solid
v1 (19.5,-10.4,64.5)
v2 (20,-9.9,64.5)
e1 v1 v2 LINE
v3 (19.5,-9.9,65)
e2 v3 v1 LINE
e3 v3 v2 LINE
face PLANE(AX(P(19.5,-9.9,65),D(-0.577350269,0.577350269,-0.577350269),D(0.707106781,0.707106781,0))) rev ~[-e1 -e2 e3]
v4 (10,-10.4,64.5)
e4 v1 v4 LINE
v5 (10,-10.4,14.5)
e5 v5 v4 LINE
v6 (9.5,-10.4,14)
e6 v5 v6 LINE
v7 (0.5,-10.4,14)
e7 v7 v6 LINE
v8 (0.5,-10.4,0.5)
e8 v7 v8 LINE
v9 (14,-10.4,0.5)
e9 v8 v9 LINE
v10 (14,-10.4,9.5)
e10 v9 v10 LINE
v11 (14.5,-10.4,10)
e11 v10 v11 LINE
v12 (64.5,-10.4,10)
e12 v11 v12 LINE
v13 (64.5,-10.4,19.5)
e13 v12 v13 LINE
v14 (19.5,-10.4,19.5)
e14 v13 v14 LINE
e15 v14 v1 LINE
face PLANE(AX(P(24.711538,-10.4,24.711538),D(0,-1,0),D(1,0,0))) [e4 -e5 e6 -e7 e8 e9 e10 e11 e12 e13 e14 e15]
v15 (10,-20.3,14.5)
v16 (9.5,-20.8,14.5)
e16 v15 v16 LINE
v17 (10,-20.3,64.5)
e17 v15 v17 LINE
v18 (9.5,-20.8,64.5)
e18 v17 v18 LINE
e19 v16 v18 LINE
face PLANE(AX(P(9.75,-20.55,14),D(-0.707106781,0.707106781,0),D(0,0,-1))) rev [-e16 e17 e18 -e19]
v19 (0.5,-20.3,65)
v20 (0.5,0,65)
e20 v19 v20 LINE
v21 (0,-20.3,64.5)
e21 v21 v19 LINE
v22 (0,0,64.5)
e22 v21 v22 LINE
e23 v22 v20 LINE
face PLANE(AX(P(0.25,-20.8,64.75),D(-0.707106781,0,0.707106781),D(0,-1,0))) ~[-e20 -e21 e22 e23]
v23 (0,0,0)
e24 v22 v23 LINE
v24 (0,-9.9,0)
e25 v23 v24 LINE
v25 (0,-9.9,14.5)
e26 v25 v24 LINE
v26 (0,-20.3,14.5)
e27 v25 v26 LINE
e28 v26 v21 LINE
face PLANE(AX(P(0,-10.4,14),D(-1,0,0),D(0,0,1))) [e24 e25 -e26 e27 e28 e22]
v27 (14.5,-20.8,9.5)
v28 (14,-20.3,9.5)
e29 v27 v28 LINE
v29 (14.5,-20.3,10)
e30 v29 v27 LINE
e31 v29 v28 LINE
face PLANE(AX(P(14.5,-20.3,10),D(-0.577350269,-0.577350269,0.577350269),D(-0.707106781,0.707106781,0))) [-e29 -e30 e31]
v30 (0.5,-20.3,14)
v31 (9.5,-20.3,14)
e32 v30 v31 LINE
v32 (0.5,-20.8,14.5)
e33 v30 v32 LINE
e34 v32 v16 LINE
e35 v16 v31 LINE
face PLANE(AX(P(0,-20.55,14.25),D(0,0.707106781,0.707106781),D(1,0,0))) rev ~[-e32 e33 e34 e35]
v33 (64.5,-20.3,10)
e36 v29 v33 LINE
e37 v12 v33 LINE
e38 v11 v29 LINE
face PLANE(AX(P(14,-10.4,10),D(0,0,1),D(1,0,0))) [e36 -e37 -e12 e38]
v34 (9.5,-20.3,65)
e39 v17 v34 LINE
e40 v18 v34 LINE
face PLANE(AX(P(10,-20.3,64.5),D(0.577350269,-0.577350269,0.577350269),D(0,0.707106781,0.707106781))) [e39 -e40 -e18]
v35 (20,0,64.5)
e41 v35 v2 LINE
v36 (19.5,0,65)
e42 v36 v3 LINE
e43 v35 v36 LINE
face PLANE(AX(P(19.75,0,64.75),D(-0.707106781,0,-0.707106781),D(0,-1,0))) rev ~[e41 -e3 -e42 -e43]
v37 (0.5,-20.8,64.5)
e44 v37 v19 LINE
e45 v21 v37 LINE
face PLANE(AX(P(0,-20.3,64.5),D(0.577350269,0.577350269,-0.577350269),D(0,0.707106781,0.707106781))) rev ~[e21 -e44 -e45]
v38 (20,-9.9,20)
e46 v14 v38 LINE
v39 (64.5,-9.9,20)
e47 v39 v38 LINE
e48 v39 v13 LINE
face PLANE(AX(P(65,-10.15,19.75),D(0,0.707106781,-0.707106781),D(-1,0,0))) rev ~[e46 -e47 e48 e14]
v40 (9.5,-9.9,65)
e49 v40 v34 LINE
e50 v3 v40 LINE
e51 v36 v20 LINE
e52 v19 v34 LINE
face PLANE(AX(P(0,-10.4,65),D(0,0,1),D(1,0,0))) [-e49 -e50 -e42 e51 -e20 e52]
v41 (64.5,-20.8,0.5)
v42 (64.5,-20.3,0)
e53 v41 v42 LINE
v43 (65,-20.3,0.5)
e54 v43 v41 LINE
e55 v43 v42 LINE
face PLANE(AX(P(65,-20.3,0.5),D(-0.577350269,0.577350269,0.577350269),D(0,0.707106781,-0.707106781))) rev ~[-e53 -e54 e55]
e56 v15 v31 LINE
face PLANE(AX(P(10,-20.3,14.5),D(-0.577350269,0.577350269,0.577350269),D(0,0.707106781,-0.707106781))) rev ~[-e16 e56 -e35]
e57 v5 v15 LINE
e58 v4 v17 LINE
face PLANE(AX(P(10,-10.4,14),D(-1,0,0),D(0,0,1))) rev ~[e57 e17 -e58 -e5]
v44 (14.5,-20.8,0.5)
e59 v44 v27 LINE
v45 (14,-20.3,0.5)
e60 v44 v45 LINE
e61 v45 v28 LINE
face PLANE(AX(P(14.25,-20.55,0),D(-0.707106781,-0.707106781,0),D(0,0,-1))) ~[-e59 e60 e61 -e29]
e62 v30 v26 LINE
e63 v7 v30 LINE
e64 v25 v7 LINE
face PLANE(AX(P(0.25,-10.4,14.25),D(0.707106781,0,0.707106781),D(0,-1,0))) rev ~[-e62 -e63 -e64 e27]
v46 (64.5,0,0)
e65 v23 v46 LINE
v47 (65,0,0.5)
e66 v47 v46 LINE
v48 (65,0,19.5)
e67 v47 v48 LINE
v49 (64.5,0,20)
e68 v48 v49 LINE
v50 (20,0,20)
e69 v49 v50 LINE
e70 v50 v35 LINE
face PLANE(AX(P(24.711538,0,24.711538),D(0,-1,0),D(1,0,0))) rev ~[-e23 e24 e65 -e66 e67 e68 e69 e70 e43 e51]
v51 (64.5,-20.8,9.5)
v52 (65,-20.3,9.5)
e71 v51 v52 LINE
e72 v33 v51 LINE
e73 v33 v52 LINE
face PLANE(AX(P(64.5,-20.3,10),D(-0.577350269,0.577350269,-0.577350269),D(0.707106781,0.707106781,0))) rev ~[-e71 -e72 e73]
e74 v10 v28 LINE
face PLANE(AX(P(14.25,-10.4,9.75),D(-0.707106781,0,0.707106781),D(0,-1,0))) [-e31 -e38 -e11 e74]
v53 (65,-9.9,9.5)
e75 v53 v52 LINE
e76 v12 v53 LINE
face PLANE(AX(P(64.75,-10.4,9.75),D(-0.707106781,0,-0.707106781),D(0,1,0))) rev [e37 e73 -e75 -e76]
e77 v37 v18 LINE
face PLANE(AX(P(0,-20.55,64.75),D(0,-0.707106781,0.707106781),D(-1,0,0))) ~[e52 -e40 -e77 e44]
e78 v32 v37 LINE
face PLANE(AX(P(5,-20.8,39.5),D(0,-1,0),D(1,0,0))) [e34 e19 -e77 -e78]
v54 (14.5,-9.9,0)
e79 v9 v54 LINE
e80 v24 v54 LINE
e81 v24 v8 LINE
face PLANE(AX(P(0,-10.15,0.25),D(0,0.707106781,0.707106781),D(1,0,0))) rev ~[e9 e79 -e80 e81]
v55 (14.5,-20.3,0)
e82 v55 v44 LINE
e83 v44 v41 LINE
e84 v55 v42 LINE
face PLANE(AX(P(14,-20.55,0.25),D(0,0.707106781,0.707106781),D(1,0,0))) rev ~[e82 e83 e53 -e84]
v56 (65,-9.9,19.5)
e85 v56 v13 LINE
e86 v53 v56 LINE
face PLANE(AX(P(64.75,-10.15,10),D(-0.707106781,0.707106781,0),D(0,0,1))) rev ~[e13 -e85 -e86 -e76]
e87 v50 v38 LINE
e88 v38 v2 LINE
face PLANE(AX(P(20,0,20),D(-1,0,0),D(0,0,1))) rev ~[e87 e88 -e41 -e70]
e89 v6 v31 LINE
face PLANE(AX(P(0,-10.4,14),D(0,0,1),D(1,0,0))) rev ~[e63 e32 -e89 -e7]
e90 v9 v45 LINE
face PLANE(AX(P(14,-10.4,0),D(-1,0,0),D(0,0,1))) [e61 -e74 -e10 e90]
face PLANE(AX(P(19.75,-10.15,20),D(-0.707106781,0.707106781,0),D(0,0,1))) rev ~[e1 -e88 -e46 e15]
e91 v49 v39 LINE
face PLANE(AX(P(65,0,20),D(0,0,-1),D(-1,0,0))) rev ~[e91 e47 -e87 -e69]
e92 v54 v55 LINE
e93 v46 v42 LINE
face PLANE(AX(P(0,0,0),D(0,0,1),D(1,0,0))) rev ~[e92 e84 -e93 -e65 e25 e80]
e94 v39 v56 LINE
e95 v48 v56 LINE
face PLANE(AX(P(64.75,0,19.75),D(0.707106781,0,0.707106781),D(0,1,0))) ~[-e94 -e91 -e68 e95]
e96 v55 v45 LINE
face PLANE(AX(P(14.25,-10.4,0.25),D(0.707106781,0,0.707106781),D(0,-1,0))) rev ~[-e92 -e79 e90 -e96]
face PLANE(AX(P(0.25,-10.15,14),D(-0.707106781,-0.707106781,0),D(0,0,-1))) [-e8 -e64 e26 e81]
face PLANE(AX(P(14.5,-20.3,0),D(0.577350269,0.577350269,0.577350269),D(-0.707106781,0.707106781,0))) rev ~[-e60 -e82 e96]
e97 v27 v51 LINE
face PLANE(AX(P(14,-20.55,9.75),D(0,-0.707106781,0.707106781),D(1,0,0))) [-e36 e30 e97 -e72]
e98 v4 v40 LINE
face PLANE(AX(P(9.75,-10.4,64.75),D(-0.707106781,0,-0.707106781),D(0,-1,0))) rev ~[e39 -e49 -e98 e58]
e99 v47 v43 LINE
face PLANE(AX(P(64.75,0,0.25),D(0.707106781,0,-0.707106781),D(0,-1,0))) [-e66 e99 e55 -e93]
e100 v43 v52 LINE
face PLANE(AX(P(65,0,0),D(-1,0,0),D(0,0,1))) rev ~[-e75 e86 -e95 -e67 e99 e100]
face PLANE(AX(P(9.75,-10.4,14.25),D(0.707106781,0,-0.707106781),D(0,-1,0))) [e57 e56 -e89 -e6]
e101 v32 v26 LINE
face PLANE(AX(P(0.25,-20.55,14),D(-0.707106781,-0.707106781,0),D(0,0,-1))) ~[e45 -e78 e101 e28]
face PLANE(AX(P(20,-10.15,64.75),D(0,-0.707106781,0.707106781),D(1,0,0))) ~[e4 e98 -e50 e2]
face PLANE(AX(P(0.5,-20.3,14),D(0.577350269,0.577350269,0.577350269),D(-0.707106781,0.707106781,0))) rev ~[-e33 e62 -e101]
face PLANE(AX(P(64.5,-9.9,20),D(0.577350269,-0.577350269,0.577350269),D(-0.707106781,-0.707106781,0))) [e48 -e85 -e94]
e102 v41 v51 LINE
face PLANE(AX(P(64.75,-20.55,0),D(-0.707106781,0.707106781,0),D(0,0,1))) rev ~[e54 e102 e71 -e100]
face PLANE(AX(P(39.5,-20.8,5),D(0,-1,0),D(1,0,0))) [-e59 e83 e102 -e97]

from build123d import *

# Parameters (mm, degrees)
F1_DEPTH = 10.4
F2_W     = 10
F2_H     = 51
F2_W_2   = 51
F2_H_2   = 10
F3_DEPTH = 10.4
F4_SIZE  = 0.5


with BuildPart() as f1:
    # F0 (on Front) → F1 (new body)
    with BuildSketch(Plane.XZ):
        Polygon((0, 65), (0, 0), (65, 0), (65, 20), (20, 20), (20, 65), align=None)
    extrude(amount=F1_DEPTH)

    # F2 (on face) → F3 (join)
    with BuildSketch(Plane.XZ.offset(10.4)):
        with Locations((5, 39.5)):
            Rectangle(F2_W, F2_H)
        with Locations((39.5, 5)):
            Rectangle(F2_W_2, F2_H_2)
    extrude(amount=F3_DEPTH)

    # F4
    f4_edges = [f1.edges().sort_by_distance(p)[0] for p in [
        (20, -10.4, 42.5),
        (15, -10.4, 65),
        (5, -20.8, 65),
        (0, -20.8, 39.5),
        (5, -20.8, 14),
        (10, -20.8, 39.5),
        (14, -20.8, 5),
        (39.5, -20.8, 0),
        (65, -20.8, 5),
        (39.5, -20.8, 10),
        (65, -10.4, 15),
        (65, -15.6, 10),
        (10, -15.6, 65),
        (20, -5.2, 65),
        (65, -5.2, 20),
        (42.5, -10.4, 20),
        (0, -10.4, 7),
        (7, -10.4, 0),
        (14, -15.6, 0),
        (0, -15.6, 14),
        (10, -15.6, 14),
        (14, -15.6, 10),
        (0, -10.4, 65),
        (65, -10.4, 0),
    ]]
    chamfer(f4_edges, length=F4_SIZE)


solid = f1.part
